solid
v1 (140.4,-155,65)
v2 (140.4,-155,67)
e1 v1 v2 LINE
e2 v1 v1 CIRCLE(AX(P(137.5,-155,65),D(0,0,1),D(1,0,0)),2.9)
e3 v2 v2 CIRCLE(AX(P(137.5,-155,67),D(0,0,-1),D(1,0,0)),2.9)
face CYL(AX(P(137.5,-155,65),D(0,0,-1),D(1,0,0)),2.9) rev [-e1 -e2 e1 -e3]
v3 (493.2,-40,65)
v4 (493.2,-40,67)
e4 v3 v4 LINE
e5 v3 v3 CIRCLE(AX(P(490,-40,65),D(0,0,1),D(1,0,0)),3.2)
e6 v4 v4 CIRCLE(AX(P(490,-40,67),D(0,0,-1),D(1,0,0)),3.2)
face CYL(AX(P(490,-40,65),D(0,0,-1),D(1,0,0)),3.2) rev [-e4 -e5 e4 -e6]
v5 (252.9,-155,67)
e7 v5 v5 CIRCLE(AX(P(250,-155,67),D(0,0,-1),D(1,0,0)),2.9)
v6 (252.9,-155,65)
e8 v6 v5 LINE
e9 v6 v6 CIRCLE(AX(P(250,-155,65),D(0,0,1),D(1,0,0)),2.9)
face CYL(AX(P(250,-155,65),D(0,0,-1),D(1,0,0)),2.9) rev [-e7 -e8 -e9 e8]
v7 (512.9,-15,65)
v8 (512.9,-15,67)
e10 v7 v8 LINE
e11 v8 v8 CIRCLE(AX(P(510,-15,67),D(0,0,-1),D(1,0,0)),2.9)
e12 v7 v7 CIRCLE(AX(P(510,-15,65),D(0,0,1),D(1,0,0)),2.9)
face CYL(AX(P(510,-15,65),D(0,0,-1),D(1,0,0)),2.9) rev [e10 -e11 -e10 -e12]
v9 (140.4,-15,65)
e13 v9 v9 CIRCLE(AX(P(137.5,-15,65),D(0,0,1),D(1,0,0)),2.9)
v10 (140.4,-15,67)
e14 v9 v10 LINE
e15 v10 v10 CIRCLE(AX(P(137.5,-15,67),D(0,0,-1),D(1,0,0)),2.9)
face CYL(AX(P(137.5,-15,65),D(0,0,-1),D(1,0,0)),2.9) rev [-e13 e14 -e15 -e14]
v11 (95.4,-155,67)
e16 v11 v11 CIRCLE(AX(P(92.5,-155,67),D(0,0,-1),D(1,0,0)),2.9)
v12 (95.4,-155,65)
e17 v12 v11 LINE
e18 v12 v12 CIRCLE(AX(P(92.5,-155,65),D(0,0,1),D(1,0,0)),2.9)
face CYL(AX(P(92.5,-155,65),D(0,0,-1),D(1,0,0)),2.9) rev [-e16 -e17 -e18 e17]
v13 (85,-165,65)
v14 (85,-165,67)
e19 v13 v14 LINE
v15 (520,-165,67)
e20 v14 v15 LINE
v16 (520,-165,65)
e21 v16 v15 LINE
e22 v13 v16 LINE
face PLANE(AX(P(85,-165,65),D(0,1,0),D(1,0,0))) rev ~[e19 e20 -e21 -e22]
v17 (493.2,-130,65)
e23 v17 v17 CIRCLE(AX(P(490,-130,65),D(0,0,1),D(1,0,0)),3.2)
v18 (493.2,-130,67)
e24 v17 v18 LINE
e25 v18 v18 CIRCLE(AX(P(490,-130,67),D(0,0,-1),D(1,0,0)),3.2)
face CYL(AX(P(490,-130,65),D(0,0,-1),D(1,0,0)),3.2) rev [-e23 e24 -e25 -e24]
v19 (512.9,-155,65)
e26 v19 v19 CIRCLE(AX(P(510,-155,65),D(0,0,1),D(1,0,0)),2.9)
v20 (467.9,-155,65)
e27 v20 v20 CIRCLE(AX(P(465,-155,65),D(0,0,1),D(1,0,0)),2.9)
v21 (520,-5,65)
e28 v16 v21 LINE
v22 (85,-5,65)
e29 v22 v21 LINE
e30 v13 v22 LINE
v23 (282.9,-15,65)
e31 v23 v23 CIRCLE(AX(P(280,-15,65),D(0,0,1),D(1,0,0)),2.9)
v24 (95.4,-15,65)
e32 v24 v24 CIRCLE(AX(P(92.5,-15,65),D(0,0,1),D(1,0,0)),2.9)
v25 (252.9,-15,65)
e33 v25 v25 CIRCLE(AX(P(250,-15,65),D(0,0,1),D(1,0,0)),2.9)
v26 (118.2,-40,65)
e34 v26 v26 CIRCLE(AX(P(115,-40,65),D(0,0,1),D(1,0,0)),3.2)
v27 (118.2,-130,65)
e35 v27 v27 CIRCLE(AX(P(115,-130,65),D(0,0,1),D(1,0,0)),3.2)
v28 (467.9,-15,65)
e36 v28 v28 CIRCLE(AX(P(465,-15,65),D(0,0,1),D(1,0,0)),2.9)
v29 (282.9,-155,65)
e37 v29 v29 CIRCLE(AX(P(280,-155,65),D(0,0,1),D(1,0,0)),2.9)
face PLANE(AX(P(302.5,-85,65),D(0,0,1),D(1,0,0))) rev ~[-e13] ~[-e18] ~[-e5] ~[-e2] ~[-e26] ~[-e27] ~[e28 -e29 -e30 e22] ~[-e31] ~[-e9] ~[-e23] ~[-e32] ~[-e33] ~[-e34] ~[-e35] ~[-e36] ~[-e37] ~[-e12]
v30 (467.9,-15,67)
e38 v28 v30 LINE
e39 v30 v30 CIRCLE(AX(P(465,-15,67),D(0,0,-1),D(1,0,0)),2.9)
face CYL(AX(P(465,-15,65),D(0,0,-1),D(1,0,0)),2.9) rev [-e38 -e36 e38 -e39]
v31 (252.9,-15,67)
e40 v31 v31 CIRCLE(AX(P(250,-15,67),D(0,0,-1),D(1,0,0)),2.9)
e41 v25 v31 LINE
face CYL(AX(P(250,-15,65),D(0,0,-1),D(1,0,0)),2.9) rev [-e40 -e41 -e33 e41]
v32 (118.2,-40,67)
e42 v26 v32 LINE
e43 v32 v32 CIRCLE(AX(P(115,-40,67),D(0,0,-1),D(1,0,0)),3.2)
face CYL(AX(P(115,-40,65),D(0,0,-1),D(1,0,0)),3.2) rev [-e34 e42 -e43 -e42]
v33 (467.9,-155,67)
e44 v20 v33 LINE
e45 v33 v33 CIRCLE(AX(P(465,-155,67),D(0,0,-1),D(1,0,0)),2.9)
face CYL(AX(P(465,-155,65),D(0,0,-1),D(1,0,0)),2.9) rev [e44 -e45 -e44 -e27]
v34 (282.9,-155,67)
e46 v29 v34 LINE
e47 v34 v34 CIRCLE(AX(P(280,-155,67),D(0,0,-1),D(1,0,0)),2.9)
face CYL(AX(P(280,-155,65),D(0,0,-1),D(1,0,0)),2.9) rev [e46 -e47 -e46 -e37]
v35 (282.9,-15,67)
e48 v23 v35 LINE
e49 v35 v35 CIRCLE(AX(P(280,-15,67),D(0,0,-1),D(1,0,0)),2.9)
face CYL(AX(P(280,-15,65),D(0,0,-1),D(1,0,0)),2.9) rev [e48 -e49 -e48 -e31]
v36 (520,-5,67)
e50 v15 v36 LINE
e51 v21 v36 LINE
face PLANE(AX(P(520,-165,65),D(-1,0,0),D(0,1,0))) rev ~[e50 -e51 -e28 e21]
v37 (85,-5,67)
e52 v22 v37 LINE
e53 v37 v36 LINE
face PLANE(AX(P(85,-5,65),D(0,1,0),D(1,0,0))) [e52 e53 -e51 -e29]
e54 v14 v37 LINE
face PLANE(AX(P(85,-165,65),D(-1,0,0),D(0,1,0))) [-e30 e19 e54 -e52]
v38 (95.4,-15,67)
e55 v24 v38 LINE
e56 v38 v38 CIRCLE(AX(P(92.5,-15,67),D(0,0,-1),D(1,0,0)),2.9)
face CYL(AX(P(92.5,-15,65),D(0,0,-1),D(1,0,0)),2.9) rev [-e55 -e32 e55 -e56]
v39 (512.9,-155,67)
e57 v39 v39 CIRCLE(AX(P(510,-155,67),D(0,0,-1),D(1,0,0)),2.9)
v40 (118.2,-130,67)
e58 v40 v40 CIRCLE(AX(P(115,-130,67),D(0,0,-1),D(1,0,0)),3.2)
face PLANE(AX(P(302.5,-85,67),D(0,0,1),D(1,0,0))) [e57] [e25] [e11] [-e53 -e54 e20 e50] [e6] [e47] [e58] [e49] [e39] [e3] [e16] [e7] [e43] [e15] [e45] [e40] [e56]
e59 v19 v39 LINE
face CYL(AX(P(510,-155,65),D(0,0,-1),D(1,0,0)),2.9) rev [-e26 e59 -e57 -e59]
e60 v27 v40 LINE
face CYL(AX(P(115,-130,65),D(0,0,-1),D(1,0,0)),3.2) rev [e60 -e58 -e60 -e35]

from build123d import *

# Parameters (mm, degrees)
SKETCH040_W   = 435
SKETCH040_H   = 160
PAD014_DEPTH  = 2
SKETCH041_R   = 2.9
HOLE014_DEPTH = 25
SKETCH042_R   = 3.2
HOLE015_DEPTH = 25


with BuildPart() as part:
    # Sketch040 → Pad014 (new body)
    with BuildSketch(Plane.XY):
        with Locations((302.5, -85)):
            Rectangle(SKETCH040_W, SKETCH040_H)
    extrude(amount=PAD014_DEPTH)

    # Sketch041 → Hole014 (cut)
    with BuildSketch(Plane.XY):
        with Locations((92.5, -15)):
            Circle(SKETCH041_R)
        with Locations((250, -15)):
            Circle(SKETCH041_R)
        with Locations((280, -15)):
            Circle(SKETCH041_R)
        with Locations((280, -155)):
            Circle(SKETCH041_R)
        with Locations((250, -155)):
            Circle(SKETCH041_R)
        with Locations((92.5, -155)):
            Circle(SKETCH041_R)
        with Locations((510, -15)):
            Circle(SKETCH041_R)
        with Locations((510, -155)):
            Circle(SKETCH041_R)
        with Locations((137.5, -15)):
            Circle(SKETCH041_R)
        with Locations((137.5, -155)):
            Circle(SKETCH041_R)
        with Locations((465, -15)):
            Circle(SKETCH041_R)
        with Locations((465, -155)):
            Circle(SKETCH041_R)
    extrude(amount=HOLE014_DEPTH, mode=Mode.SUBTRACT)

    # Sketch042 → Hole015 (cut)
    with BuildSketch(Plane.XY):
        with Locations((490, -40)):
            Circle(SKETCH042_R)
        with Locations((490, -130)):
            Circle(SKETCH042_R)
        with Locations((115, -40)):
            Circle(SKETCH042_R)
        with Locations((115, -130)):
            Circle(SKETCH042_R)
    extrude(amount=HOLE015_DEPTH, mode=Mode.SUBTRACT)


with BuildPart() as part_1:
    # Body006 placement: moved
    add(part.part.moved(Location((0, 0, 65))))


solid = part_1.part
